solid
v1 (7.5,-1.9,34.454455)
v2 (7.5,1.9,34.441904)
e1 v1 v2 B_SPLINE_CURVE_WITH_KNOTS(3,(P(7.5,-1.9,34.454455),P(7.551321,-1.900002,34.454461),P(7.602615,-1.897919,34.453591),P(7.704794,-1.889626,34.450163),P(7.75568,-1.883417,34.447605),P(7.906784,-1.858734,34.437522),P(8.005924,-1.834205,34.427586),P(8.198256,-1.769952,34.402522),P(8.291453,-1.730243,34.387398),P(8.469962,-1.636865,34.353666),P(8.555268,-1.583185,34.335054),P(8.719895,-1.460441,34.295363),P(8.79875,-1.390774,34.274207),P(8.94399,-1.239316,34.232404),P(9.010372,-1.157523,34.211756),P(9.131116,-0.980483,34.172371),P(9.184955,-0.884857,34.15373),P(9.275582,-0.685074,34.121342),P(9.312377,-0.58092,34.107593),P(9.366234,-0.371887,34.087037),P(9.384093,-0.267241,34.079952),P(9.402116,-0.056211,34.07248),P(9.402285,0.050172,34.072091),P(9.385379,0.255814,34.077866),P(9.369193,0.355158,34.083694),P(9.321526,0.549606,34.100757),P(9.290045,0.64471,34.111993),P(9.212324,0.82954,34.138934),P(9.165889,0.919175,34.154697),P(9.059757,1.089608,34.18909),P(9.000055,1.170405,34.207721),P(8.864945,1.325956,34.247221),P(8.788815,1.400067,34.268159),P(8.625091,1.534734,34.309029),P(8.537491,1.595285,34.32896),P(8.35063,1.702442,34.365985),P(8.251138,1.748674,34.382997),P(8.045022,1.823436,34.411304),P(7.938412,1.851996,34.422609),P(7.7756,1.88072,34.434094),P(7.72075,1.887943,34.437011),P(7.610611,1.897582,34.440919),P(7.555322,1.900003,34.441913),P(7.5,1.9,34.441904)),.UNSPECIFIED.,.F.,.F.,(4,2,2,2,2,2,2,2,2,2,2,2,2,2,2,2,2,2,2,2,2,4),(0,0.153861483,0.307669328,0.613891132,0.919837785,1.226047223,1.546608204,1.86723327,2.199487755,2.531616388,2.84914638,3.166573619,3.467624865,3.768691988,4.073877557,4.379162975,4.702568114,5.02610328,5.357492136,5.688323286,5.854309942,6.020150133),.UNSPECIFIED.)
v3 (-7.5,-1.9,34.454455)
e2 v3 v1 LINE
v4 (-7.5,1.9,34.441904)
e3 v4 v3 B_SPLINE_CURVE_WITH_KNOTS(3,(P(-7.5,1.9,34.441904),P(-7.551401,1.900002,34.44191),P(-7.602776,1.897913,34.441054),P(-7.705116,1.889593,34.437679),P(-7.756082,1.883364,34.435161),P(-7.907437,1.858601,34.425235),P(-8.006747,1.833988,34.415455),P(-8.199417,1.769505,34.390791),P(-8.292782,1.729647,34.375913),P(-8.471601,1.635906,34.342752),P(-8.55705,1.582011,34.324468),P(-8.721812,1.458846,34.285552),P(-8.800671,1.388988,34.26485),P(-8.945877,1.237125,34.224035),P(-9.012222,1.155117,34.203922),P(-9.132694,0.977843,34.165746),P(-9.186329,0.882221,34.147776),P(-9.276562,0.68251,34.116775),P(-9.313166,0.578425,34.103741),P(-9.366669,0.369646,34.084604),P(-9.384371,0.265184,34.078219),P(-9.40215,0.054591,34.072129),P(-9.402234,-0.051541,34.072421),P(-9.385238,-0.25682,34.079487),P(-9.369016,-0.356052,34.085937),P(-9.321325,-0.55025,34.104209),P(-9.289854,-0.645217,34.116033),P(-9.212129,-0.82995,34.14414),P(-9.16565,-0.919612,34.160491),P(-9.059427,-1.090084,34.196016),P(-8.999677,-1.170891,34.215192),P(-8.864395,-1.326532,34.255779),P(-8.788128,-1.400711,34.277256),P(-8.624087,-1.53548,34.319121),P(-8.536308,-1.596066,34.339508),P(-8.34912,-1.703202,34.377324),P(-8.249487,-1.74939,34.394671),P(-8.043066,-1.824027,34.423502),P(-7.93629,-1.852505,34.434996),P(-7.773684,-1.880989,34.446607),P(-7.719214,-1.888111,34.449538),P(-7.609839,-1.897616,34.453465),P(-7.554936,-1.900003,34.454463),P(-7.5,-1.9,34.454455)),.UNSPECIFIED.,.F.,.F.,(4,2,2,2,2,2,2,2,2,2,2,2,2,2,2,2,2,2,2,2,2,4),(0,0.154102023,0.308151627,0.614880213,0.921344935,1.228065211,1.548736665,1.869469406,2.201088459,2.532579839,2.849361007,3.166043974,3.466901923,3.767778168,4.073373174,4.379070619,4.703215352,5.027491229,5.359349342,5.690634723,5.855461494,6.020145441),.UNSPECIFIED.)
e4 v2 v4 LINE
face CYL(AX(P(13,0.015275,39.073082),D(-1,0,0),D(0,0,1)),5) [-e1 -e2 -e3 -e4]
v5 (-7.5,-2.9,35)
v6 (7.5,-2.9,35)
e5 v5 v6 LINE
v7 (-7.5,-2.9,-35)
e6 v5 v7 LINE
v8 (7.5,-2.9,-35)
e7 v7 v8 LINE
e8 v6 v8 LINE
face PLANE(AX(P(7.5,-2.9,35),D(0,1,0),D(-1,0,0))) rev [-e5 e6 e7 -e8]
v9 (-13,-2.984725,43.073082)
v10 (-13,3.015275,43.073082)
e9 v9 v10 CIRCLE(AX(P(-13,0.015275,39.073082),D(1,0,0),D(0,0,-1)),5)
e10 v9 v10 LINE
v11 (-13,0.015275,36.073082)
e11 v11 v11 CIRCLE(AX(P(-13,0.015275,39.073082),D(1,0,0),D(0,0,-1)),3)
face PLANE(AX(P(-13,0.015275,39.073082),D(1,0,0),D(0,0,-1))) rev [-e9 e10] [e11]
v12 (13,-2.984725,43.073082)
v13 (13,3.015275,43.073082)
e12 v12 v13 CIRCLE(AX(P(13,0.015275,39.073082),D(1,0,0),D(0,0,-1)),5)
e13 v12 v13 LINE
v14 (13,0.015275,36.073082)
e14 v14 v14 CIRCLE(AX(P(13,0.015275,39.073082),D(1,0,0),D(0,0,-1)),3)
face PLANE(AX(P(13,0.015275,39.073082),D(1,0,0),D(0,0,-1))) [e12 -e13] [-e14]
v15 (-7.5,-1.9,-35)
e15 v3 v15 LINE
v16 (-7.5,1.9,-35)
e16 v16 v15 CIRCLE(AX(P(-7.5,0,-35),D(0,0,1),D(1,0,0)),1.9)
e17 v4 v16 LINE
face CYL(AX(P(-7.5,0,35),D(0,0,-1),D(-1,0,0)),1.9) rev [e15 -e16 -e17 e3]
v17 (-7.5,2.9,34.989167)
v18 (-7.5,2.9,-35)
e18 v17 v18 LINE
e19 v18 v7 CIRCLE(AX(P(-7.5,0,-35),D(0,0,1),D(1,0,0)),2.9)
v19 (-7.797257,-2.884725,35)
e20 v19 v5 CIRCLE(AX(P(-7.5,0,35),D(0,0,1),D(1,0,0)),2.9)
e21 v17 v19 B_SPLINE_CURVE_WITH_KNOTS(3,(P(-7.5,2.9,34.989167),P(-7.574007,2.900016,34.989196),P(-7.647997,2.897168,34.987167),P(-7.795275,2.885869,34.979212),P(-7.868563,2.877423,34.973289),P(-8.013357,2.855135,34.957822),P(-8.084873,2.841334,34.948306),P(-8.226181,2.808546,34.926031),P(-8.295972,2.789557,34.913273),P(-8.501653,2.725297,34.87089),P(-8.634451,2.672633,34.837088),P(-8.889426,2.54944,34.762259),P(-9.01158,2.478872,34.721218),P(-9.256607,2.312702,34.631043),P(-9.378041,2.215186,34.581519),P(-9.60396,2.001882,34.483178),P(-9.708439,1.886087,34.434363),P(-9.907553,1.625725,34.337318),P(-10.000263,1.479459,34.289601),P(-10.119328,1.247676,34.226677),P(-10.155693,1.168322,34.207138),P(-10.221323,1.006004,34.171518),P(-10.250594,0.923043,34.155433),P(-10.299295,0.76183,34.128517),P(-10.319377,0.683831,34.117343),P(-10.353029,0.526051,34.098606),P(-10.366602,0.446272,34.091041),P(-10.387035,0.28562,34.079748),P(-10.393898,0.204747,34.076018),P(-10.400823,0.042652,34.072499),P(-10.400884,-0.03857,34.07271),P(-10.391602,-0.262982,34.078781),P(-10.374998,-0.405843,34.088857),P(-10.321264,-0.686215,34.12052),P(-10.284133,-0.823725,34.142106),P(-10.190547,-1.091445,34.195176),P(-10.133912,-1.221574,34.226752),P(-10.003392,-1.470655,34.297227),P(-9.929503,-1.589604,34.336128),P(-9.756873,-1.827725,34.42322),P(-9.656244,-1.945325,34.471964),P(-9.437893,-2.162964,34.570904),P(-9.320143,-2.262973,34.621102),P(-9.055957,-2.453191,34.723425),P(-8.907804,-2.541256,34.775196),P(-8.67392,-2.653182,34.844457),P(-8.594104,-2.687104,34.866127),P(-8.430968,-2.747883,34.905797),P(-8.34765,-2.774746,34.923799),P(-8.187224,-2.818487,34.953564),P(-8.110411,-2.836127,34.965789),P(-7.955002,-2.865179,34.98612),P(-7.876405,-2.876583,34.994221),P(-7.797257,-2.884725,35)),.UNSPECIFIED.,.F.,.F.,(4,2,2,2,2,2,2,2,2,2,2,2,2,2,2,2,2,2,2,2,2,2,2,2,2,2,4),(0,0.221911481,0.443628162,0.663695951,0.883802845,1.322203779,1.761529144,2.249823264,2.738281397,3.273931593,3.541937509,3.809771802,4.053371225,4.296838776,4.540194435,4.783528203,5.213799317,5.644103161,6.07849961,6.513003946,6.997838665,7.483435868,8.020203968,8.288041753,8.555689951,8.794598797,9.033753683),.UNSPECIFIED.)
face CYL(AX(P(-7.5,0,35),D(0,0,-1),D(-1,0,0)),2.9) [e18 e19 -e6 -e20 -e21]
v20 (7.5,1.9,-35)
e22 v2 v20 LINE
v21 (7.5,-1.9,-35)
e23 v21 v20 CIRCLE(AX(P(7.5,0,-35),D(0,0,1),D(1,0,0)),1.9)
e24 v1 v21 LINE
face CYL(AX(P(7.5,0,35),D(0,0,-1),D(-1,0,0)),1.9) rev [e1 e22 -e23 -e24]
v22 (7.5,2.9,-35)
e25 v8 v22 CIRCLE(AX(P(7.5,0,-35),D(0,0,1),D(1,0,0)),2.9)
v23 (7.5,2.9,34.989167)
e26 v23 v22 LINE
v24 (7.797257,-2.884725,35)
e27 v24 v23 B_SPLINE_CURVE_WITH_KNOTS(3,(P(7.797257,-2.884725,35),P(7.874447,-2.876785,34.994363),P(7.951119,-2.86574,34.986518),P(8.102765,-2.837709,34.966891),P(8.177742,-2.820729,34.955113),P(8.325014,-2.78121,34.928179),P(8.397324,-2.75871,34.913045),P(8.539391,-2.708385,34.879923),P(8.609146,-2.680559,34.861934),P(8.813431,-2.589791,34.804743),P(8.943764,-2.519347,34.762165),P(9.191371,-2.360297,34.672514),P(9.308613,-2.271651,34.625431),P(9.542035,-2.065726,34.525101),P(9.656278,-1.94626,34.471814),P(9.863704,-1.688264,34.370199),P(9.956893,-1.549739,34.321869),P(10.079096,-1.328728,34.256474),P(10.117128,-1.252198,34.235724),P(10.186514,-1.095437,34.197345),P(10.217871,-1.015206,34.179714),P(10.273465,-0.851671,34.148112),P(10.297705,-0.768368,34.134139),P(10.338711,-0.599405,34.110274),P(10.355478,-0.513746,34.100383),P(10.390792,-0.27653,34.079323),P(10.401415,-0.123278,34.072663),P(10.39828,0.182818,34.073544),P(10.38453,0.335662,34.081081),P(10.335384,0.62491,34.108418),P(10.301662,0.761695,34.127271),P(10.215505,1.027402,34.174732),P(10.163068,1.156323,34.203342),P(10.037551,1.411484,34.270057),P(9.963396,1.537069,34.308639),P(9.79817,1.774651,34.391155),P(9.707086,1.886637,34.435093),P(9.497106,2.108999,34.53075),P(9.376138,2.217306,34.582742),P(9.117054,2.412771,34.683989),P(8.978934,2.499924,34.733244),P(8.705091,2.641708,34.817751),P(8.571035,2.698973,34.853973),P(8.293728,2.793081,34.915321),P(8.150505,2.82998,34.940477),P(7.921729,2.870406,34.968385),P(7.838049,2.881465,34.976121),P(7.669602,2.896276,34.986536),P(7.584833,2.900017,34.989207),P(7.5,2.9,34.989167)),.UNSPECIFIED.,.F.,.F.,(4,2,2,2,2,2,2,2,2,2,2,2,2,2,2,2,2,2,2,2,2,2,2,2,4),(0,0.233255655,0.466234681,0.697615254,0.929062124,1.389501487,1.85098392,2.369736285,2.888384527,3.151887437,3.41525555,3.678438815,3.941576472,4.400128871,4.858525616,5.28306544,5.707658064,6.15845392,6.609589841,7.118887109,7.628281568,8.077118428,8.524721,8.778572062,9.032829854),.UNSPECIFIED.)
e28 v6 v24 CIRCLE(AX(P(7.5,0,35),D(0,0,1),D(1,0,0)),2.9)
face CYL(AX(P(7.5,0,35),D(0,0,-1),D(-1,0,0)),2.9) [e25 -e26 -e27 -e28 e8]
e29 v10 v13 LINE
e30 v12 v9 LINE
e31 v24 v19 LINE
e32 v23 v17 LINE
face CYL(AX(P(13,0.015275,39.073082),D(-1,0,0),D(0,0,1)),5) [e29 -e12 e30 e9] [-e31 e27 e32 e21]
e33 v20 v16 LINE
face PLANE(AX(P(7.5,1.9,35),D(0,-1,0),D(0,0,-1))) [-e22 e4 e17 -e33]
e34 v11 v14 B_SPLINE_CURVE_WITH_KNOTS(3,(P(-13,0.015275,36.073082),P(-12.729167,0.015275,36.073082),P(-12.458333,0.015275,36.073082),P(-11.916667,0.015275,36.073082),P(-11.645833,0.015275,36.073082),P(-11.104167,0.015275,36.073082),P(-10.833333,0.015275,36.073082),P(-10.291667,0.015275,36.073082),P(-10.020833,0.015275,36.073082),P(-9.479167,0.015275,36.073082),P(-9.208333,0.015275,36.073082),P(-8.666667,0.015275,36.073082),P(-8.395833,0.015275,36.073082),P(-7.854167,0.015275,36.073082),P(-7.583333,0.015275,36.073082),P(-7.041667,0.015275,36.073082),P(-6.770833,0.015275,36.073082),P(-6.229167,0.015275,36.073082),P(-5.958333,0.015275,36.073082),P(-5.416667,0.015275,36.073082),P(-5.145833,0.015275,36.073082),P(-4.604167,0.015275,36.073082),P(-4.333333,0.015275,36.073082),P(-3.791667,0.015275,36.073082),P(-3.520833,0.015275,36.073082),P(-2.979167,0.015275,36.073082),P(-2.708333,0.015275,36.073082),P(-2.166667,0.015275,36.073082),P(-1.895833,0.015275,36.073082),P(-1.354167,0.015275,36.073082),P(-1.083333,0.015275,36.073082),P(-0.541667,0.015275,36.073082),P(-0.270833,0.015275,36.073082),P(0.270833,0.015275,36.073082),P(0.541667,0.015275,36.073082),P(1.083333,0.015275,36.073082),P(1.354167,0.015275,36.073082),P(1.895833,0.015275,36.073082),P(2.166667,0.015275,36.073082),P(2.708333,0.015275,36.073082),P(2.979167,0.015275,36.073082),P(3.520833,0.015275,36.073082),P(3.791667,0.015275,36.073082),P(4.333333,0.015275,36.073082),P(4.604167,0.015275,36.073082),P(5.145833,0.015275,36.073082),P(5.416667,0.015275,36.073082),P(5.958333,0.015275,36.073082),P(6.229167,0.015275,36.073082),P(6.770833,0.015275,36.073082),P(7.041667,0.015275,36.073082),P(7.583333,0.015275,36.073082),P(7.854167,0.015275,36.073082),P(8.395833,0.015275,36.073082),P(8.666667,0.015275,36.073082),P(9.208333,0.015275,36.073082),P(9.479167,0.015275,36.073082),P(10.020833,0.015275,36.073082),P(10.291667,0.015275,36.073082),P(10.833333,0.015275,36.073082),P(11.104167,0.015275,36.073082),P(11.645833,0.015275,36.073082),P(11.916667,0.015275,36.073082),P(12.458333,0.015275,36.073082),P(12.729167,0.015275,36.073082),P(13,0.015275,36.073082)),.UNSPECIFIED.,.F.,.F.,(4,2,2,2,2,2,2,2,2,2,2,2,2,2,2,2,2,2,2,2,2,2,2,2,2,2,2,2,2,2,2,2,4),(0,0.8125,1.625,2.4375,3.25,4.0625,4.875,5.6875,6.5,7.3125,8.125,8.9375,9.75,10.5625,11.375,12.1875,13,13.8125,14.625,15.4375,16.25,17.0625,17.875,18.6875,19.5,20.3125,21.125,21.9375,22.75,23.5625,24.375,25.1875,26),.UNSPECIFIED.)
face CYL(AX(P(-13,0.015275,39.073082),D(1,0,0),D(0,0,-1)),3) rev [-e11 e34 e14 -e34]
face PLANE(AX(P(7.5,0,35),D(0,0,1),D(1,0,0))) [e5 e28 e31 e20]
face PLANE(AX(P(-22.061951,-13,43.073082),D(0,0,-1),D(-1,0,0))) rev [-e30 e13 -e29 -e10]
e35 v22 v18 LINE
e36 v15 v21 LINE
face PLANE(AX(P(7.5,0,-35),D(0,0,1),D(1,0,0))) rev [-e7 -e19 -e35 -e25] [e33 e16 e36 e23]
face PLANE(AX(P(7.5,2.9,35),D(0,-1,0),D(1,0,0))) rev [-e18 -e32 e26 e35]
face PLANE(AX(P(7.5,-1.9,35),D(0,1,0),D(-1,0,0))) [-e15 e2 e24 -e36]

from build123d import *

# Parameters (mm, degrees)
BOSS_EXTRUDE1_DEPTH = 35
SKETCH9_R           = 5
BOSS_EXTRUDE3_DEPTH = 13
SKETCH10_W          = 39.744762059
SKETCH10_H          = 6.949903748
CUT_EXTRUDE1_DEPTH  = 13
SKETCH12_R          = 3
CUT_EXTRUDE3_DEPTH  = 51.56128384


with BuildPart() as part:
    # Sketch4 → Boss-Extrude1 (new, symmetric)
    with BuildSketch(Plane.XY):
        with BuildLine():
            Line((7.5, -2.9), (-7.5, -2.9))
            ThreePointArc((-7.5, -2.9), (-10.4, 0), (-7.5, 2.9))
            Line((-7.5, 2.9), (7.5, 2.9))
            ThreePointArc((7.5, 2.9), (10.4, 0), (7.5, -2.9))
        make_face()
        with BuildLine():
            Line((7.5, -1.9), (-7.5, -1.9))
            ThreePointArc((-7.5, -1.9), (-9.4, 0), (-7.5, 1.9))
            Line((-7.5, 1.9), (7.5, 1.9))
            ThreePointArc((7.5, 1.9), (9.4, 0), (7.5, -1.9))
        make_face(mode=Mode.SUBTRACT)
    extrude(amount=BOSS_EXTRUDE1_DEPTH, both=True)

    # Sketch9 → Boss-Extrude3 (add, symmetric)
    with BuildSketch(Plane(origin=(0, 0, 0), x_dir=(0, 0, -1), z_dir=(1, 0, 0))):
        with Locations((-39.073082371, 0.015275052)):
            Circle(SKETCH9_R)
    extrude(amount=BOSS_EXTRUDE3_DEPTH, both=True)

    # Sketch10 → Cut-Extrude1 (cut, symmetric)
    with BuildSketch(Plane(origin=(0, 0, 0), x_dir=(1, 0, 0), z_dir=(0, 1, 0))):
        with Locations((-2.189570447, -46.548034245)):
            Rectangle(SKETCH10_W, SKETCH10_H)
    extrude(amount=CUT_EXTRUDE1_DEPTH, both=True, mode=Mode.SUBTRACT)

    # Sketch12 → Cut-Extrude3 (cut, through all)
    with BuildSketch(Plane(origin=(13, 0, 0), x_dir=(0, 0, -1), z_dir=(1, 0, 0))):
        with Locations((-39.073082371, 0.015275052)):
            Circle(SKETCH12_R)
    extrude(amount=-CUT_EXTRUDE3_DEPTH, mode=Mode.SUBTRACT)


solid = part.part
